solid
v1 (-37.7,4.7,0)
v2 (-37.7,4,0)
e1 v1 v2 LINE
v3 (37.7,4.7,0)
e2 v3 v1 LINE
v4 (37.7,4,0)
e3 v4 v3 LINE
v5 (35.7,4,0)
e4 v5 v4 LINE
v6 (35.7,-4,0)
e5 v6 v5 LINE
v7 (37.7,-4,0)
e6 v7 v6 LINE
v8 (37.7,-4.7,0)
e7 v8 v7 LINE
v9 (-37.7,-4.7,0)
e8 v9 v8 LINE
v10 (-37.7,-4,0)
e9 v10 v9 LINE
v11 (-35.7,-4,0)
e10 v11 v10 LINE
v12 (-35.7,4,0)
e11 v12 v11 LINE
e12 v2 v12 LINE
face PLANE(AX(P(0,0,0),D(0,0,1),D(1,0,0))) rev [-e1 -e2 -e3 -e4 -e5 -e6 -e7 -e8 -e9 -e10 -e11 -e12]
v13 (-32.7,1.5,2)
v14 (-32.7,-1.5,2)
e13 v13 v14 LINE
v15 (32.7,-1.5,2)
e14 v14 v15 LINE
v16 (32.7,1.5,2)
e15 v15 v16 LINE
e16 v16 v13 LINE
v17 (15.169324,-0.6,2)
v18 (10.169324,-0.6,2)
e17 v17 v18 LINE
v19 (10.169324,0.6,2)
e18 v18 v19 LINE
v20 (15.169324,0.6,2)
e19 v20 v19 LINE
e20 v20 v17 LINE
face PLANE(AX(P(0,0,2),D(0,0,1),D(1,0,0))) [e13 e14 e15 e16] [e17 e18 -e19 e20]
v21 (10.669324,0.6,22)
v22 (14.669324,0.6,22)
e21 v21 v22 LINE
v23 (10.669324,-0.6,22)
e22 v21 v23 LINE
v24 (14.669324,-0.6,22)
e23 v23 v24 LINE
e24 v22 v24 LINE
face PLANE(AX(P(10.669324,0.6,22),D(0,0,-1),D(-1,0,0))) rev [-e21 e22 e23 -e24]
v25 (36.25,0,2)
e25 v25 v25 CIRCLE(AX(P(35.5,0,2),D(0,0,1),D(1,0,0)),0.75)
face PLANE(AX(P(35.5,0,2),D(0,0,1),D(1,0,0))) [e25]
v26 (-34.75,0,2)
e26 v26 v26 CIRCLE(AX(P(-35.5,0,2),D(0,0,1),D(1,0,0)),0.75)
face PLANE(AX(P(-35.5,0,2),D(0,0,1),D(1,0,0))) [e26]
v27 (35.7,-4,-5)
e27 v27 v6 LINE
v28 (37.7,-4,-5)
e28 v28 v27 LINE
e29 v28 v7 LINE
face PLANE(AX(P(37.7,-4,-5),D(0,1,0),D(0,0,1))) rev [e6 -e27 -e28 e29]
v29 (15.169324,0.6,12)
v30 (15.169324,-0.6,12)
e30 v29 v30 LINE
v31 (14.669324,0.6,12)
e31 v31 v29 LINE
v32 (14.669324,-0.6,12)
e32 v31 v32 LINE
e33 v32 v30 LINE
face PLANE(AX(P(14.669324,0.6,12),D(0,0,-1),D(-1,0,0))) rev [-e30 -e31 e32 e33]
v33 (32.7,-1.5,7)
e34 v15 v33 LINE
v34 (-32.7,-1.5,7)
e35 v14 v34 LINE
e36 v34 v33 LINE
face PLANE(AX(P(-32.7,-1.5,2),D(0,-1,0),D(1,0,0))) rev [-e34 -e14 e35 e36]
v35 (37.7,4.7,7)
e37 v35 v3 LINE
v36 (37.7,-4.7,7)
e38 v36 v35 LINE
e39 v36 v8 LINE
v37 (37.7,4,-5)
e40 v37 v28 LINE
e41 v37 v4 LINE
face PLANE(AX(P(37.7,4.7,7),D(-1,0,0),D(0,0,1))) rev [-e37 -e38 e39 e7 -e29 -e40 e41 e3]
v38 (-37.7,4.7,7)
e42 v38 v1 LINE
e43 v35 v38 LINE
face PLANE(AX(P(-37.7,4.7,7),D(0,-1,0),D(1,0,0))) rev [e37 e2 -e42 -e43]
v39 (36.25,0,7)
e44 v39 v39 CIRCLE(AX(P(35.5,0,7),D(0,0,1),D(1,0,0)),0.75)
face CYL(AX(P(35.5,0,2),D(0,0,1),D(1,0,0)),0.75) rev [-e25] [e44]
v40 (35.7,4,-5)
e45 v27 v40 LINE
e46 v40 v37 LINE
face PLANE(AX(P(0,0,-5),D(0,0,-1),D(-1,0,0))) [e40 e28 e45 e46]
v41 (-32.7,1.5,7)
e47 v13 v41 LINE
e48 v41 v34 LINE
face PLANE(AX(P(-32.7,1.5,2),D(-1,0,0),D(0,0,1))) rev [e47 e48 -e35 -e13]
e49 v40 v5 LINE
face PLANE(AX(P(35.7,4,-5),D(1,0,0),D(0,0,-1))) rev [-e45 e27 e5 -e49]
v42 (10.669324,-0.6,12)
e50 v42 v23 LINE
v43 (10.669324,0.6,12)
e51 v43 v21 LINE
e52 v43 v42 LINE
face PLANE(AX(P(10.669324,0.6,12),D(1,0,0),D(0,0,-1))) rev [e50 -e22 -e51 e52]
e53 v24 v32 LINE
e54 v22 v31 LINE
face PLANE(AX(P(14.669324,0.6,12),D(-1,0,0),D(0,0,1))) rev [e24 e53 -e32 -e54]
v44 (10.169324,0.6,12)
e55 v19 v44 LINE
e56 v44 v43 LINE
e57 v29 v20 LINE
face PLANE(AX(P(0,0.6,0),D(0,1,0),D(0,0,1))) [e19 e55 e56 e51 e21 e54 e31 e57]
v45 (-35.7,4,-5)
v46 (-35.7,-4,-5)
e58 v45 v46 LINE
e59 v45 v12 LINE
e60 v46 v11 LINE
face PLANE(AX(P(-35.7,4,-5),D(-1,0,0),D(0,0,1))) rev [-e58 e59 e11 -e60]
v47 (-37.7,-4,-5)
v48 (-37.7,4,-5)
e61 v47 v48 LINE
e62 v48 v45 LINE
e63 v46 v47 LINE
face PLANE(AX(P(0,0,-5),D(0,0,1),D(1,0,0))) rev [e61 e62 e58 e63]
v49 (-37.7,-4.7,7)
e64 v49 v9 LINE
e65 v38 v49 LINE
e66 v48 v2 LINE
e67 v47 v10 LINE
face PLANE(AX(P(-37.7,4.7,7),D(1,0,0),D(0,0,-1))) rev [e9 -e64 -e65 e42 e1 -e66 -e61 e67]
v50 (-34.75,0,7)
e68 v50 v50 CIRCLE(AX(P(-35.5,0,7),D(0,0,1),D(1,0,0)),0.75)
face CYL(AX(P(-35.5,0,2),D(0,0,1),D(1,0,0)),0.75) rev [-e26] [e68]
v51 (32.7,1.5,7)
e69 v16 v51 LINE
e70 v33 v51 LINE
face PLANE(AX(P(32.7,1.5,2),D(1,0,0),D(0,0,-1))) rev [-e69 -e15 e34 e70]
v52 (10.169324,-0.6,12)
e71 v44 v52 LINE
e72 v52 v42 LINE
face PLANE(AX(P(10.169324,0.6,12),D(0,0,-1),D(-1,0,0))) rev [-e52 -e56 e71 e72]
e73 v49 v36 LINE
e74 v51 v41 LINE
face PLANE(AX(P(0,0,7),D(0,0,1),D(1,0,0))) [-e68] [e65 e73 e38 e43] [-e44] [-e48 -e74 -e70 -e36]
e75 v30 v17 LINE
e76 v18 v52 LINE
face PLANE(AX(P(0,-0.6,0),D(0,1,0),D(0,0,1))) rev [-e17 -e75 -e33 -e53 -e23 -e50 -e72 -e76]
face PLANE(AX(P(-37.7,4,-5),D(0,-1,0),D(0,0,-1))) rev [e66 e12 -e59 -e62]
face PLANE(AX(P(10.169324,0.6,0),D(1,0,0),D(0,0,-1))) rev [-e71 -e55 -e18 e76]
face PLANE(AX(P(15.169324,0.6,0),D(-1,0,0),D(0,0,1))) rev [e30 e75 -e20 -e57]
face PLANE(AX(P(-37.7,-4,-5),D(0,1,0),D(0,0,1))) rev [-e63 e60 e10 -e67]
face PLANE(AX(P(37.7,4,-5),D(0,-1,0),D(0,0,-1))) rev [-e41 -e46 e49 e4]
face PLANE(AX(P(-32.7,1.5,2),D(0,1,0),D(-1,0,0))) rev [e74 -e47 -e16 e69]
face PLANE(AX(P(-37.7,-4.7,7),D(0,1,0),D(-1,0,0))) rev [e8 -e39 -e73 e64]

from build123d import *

# Parameters (mm, degrees)
SKETCH1_W           = 75.4
SKETCH1_H           = 9.4
BOSS_EXTRUDE1_DEPTH = 7
SKETCH2_R           = 0.75
SKETCH2_W           = 65.4
SKETCH2_H           = 3
CUT_EXTRUDE1_DEPTH  = 5
SKETCH3_W           = 2
SKETCH3_H           = 8
BOSS_EXTRUDE2_DEPTH = 5
BOSS_EXTRUDE3_DEPTH = 0.6


with BuildPart() as part:
    # Sketch1 → Boss-Extrude1 (new body)
    with BuildSketch(Plane.XY):
        Rectangle(SKETCH1_W, SKETCH1_H)
    extrude(amount=BOSS_EXTRUDE1_DEPTH)

    # Sketch2 → Cut-Extrude1 (cut)
    with BuildSketch(Plane.XY.offset(7)):
        with Locations((-35.5, 0)):
            Circle(SKETCH2_R)
        with Locations((35.5, 0)):
            Circle(SKETCH2_R)
        Rectangle(SKETCH2_W, SKETCH2_H)
    extrude(amount=-CUT_EXTRUDE1_DEPTH, mode=Mode.SUBTRACT)

    # Sketch3 → Boss-Extrude2 (add)
    with BuildSketch(Plane(origin=(0, 0, 0), x_dir=(-1, 0, 0), z_dir=(0, 0, -1))):
        with Locations((-36.7, 0)):
            Rectangle(SKETCH3_W, SKETCH3_H)
        with Locations((36.7, 0)):
            Rectangle(SKETCH3_W, SKETCH3_H)
    extrude(amount=BOSS_EXTRUDE2_DEPTH)

    # Sketch4 → Boss-Extrude3 (add, symmetric)
    with BuildSketch(Plane(origin=(0, 0, 0), x_dir=(1, 0, 0), z_dir=(0, 1, 0))):
        Polygon((10.169323516, 0), (15.169323516, 0), (15.169323516, -12), (14.669323516, -12), (14.669323516, -22), (10.669323516, -22), (10.669323516, -12), (10.169323516, -12), align=None)
    extrude(amount=BOSS_EXTRUDE3_DEPTH, both=True)


solid = part.part
